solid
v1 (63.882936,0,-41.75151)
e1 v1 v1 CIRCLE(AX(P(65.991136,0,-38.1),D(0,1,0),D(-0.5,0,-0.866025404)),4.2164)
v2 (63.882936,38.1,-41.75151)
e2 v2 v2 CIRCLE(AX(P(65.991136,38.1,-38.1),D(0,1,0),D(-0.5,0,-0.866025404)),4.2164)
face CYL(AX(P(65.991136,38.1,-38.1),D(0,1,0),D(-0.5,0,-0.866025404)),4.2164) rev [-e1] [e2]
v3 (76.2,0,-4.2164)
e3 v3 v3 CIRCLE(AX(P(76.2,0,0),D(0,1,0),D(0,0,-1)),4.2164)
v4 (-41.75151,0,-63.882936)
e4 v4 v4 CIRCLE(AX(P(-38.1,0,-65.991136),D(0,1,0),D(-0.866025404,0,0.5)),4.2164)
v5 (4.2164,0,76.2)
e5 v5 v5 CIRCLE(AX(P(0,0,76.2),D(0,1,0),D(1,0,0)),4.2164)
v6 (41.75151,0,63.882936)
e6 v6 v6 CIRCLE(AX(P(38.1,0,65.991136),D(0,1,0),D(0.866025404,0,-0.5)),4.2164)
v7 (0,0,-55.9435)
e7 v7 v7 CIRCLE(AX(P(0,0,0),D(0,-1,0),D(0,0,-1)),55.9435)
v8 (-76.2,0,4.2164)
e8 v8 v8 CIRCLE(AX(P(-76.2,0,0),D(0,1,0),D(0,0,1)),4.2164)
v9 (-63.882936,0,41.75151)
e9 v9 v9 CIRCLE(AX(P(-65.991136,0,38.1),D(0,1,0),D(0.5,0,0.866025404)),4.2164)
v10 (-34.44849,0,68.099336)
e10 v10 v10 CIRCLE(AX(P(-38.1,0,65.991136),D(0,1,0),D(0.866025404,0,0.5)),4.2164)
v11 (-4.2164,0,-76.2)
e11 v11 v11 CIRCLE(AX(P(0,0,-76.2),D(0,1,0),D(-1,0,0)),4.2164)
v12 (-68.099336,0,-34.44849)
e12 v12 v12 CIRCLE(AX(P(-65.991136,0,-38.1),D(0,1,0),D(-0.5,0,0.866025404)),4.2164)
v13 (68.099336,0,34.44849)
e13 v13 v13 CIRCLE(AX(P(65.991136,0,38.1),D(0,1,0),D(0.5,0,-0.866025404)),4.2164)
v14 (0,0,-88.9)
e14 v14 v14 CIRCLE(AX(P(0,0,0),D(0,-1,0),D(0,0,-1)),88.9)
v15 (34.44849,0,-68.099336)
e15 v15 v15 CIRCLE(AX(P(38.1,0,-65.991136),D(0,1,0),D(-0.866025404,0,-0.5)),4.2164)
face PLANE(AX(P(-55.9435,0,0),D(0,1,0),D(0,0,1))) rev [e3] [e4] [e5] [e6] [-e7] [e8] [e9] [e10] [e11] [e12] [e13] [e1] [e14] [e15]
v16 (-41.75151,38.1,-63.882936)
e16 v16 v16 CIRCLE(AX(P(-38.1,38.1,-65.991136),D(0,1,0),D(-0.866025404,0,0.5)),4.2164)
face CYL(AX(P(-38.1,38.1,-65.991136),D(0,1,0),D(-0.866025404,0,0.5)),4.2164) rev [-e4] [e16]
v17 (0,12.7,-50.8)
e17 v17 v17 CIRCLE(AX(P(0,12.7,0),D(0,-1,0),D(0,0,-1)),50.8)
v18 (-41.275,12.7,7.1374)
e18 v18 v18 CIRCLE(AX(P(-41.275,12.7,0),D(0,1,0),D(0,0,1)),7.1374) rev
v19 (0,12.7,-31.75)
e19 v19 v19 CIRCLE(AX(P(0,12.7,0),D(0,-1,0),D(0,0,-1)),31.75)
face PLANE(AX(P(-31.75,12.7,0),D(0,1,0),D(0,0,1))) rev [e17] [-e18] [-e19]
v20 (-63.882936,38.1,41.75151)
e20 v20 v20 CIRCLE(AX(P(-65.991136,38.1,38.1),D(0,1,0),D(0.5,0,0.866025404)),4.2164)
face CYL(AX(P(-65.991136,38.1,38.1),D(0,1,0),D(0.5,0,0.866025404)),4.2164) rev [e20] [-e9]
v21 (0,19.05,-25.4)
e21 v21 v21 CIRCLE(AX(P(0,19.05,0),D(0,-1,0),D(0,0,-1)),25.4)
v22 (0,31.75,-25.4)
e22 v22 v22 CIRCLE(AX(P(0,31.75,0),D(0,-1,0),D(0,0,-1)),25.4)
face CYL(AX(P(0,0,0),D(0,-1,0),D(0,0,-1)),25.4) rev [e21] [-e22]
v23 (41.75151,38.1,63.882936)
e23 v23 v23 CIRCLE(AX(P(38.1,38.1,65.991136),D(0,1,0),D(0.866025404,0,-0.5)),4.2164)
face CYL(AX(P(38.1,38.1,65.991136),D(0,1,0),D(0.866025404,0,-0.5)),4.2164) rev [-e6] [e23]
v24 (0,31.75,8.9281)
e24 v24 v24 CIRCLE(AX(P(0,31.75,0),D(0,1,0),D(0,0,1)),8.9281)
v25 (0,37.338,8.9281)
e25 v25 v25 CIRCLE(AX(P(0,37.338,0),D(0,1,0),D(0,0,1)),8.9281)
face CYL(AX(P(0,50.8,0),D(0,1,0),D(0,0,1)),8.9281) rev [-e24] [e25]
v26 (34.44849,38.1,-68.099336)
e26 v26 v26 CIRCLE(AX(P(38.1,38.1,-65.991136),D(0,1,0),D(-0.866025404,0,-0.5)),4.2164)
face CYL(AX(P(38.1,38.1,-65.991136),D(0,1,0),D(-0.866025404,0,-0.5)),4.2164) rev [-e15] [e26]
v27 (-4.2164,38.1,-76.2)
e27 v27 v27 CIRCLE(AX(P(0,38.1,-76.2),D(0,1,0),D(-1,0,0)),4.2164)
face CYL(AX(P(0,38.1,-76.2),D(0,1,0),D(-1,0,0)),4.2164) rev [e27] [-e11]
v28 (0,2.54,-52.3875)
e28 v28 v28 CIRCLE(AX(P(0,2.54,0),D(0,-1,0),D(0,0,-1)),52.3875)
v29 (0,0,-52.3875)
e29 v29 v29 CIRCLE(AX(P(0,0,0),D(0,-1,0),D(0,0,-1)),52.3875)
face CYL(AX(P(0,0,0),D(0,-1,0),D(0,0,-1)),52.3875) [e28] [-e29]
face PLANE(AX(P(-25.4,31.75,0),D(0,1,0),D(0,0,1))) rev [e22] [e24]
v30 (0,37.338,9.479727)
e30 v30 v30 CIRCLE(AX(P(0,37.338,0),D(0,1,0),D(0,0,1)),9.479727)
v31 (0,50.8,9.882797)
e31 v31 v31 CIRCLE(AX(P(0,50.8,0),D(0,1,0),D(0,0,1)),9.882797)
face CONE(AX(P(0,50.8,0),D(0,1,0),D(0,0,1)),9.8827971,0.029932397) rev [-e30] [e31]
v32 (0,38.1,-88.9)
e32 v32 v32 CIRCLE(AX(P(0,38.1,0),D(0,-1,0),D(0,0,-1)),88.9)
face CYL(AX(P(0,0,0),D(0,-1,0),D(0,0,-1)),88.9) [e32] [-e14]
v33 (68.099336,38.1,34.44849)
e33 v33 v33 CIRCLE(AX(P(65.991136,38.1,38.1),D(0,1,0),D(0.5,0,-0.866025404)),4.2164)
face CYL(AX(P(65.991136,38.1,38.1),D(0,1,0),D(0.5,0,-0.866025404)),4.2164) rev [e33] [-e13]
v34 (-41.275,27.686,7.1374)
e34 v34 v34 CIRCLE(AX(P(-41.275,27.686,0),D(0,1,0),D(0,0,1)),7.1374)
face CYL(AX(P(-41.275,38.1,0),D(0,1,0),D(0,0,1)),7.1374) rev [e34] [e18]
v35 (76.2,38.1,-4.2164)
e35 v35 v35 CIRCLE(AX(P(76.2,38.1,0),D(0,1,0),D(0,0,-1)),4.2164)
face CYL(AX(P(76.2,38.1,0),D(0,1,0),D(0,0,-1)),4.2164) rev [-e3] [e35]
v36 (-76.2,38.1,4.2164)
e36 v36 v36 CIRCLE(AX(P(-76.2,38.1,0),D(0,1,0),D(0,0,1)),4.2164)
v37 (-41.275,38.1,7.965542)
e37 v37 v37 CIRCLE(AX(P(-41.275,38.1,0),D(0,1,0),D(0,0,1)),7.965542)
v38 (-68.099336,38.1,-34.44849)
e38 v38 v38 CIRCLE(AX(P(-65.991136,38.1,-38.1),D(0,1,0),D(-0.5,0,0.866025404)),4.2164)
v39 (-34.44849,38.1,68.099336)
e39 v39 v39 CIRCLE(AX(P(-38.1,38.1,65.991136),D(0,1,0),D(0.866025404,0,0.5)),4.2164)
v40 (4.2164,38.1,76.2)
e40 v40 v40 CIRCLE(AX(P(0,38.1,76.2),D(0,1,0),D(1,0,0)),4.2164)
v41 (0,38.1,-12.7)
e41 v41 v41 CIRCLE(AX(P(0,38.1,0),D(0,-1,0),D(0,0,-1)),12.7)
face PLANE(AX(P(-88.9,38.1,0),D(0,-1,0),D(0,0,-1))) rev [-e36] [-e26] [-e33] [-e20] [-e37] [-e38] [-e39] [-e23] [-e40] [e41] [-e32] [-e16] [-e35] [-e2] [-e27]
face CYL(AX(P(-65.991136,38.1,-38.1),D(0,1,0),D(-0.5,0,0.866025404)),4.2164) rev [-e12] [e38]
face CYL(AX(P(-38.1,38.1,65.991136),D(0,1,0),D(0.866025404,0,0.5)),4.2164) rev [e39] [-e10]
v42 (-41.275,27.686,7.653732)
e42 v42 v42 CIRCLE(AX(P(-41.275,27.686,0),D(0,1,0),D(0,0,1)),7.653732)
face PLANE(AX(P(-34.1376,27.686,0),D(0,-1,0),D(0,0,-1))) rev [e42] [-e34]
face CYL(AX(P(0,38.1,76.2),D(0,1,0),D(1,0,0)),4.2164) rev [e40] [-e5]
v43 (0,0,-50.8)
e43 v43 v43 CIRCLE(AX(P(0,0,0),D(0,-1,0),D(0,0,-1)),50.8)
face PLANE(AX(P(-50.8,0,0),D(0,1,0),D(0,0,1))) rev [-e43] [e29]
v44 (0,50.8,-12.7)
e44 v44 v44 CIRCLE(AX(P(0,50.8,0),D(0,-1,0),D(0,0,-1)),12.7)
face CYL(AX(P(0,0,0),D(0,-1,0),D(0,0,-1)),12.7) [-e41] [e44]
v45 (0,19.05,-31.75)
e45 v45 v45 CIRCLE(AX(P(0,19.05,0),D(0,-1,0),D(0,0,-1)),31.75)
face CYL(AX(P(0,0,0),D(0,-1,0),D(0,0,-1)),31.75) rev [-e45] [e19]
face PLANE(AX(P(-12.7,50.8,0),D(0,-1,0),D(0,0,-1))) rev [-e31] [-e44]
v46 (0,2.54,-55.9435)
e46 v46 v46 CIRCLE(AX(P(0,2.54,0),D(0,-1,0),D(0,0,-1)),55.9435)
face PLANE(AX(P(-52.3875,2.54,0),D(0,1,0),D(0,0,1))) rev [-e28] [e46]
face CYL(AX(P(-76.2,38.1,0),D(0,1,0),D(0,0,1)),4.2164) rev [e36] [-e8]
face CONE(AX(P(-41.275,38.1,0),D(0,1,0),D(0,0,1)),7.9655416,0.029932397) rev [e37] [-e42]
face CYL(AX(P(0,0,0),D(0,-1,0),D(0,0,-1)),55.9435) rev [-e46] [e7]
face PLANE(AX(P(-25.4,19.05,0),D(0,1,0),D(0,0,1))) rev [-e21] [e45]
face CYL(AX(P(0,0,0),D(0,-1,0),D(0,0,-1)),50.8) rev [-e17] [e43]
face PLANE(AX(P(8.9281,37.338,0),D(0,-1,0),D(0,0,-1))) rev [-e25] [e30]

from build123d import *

# Parameters (mm, degrees)
F_5_16_CLEARANCE_HOLE1_D = 8.4328
CIRPATTERN1_COUNT        = 12


with BuildPart() as part:
    # Sketch1 → Revolve1 (revolve)
    with BuildSketch(Plane.XY):
        Polygon((-55.9435, 0), (-88.9, 0), (-88.9, 38.1), (-12.7, 38.1), (-12.7, 50.8), (0, 50.8), (0, 31.75), (-25.4, 31.75), (-25.4, 19.05), (-31.75, 19.05), (-31.75, 12.7), (-50.8, 12.7), (-50.8, 0), (-52.3875, 0), (-52.3875, 2.54), (-55.9435, 2.54), align=None)
    revolve(axis=Axis((0, 0, 0), (0, 1, 0)))

    # Sketch8 → 1/2 NPT Tapped Hole1 (revolve, cut)
    with BuildSketch(Plane(origin=(0, 50.8, 0), x_dir=(0, 0, 1), z_dir=(1, 0, 0))):
        Polygon((0, 0), (0, 50.8), (8.9281, 50.8), (8.9281, 13.462), (9.479726792, 13.462), (9.8827971, 0), align=None)
    revolve(axis=Axis((0, 57.15, 0), (0, -1, 0)), mode=Mode.SUBTRACT)

    # Sketch3 → 3/8 NPT Tapped Hole1 (revolve, cut)
    with BuildSketch(Plane(origin=(-41.275, 38.1, 0), x_dir=(0, 0, 1), z_dir=(1, 0, 0))):
        Polygon((0, 0), (0, 29.688582582), (7.1374, 25.4), (7.1374, 10.414), (7.653732494, 10.414), (7.9655416, 0), align=None)
    revolve(axis=Axis((-41.275, 44.45, 0), (0, -1, 0)), mode=Mode.SUBTRACT)

    # 5/16 Clearance Hole1 (through all)
    with Locations(Plane(origin=(0, 38.1, 0), x_dir=(1, 0, 0), z_dir=(0, 1, 0))):
        with Locations((-76.2, 0)):
            f_5_16_clearance_hole1 = Hole(F_5_16_CLEARANCE_HOLE1_D / 2)

    # CirPattern1: 5/16 Clearance Hole1 ×12 about axis
    cirpattern1_axis = Axis((0, 0, 0), (0, 1, 0))
    for i in range(1, CIRPATTERN1_COUNT):
        add(f_5_16_clearance_hole1.rotate(cirpattern1_axis, i * 360 / CIRPATTERN1_COUNT), mode=Mode.SUBTRACT)


solid = part.part
